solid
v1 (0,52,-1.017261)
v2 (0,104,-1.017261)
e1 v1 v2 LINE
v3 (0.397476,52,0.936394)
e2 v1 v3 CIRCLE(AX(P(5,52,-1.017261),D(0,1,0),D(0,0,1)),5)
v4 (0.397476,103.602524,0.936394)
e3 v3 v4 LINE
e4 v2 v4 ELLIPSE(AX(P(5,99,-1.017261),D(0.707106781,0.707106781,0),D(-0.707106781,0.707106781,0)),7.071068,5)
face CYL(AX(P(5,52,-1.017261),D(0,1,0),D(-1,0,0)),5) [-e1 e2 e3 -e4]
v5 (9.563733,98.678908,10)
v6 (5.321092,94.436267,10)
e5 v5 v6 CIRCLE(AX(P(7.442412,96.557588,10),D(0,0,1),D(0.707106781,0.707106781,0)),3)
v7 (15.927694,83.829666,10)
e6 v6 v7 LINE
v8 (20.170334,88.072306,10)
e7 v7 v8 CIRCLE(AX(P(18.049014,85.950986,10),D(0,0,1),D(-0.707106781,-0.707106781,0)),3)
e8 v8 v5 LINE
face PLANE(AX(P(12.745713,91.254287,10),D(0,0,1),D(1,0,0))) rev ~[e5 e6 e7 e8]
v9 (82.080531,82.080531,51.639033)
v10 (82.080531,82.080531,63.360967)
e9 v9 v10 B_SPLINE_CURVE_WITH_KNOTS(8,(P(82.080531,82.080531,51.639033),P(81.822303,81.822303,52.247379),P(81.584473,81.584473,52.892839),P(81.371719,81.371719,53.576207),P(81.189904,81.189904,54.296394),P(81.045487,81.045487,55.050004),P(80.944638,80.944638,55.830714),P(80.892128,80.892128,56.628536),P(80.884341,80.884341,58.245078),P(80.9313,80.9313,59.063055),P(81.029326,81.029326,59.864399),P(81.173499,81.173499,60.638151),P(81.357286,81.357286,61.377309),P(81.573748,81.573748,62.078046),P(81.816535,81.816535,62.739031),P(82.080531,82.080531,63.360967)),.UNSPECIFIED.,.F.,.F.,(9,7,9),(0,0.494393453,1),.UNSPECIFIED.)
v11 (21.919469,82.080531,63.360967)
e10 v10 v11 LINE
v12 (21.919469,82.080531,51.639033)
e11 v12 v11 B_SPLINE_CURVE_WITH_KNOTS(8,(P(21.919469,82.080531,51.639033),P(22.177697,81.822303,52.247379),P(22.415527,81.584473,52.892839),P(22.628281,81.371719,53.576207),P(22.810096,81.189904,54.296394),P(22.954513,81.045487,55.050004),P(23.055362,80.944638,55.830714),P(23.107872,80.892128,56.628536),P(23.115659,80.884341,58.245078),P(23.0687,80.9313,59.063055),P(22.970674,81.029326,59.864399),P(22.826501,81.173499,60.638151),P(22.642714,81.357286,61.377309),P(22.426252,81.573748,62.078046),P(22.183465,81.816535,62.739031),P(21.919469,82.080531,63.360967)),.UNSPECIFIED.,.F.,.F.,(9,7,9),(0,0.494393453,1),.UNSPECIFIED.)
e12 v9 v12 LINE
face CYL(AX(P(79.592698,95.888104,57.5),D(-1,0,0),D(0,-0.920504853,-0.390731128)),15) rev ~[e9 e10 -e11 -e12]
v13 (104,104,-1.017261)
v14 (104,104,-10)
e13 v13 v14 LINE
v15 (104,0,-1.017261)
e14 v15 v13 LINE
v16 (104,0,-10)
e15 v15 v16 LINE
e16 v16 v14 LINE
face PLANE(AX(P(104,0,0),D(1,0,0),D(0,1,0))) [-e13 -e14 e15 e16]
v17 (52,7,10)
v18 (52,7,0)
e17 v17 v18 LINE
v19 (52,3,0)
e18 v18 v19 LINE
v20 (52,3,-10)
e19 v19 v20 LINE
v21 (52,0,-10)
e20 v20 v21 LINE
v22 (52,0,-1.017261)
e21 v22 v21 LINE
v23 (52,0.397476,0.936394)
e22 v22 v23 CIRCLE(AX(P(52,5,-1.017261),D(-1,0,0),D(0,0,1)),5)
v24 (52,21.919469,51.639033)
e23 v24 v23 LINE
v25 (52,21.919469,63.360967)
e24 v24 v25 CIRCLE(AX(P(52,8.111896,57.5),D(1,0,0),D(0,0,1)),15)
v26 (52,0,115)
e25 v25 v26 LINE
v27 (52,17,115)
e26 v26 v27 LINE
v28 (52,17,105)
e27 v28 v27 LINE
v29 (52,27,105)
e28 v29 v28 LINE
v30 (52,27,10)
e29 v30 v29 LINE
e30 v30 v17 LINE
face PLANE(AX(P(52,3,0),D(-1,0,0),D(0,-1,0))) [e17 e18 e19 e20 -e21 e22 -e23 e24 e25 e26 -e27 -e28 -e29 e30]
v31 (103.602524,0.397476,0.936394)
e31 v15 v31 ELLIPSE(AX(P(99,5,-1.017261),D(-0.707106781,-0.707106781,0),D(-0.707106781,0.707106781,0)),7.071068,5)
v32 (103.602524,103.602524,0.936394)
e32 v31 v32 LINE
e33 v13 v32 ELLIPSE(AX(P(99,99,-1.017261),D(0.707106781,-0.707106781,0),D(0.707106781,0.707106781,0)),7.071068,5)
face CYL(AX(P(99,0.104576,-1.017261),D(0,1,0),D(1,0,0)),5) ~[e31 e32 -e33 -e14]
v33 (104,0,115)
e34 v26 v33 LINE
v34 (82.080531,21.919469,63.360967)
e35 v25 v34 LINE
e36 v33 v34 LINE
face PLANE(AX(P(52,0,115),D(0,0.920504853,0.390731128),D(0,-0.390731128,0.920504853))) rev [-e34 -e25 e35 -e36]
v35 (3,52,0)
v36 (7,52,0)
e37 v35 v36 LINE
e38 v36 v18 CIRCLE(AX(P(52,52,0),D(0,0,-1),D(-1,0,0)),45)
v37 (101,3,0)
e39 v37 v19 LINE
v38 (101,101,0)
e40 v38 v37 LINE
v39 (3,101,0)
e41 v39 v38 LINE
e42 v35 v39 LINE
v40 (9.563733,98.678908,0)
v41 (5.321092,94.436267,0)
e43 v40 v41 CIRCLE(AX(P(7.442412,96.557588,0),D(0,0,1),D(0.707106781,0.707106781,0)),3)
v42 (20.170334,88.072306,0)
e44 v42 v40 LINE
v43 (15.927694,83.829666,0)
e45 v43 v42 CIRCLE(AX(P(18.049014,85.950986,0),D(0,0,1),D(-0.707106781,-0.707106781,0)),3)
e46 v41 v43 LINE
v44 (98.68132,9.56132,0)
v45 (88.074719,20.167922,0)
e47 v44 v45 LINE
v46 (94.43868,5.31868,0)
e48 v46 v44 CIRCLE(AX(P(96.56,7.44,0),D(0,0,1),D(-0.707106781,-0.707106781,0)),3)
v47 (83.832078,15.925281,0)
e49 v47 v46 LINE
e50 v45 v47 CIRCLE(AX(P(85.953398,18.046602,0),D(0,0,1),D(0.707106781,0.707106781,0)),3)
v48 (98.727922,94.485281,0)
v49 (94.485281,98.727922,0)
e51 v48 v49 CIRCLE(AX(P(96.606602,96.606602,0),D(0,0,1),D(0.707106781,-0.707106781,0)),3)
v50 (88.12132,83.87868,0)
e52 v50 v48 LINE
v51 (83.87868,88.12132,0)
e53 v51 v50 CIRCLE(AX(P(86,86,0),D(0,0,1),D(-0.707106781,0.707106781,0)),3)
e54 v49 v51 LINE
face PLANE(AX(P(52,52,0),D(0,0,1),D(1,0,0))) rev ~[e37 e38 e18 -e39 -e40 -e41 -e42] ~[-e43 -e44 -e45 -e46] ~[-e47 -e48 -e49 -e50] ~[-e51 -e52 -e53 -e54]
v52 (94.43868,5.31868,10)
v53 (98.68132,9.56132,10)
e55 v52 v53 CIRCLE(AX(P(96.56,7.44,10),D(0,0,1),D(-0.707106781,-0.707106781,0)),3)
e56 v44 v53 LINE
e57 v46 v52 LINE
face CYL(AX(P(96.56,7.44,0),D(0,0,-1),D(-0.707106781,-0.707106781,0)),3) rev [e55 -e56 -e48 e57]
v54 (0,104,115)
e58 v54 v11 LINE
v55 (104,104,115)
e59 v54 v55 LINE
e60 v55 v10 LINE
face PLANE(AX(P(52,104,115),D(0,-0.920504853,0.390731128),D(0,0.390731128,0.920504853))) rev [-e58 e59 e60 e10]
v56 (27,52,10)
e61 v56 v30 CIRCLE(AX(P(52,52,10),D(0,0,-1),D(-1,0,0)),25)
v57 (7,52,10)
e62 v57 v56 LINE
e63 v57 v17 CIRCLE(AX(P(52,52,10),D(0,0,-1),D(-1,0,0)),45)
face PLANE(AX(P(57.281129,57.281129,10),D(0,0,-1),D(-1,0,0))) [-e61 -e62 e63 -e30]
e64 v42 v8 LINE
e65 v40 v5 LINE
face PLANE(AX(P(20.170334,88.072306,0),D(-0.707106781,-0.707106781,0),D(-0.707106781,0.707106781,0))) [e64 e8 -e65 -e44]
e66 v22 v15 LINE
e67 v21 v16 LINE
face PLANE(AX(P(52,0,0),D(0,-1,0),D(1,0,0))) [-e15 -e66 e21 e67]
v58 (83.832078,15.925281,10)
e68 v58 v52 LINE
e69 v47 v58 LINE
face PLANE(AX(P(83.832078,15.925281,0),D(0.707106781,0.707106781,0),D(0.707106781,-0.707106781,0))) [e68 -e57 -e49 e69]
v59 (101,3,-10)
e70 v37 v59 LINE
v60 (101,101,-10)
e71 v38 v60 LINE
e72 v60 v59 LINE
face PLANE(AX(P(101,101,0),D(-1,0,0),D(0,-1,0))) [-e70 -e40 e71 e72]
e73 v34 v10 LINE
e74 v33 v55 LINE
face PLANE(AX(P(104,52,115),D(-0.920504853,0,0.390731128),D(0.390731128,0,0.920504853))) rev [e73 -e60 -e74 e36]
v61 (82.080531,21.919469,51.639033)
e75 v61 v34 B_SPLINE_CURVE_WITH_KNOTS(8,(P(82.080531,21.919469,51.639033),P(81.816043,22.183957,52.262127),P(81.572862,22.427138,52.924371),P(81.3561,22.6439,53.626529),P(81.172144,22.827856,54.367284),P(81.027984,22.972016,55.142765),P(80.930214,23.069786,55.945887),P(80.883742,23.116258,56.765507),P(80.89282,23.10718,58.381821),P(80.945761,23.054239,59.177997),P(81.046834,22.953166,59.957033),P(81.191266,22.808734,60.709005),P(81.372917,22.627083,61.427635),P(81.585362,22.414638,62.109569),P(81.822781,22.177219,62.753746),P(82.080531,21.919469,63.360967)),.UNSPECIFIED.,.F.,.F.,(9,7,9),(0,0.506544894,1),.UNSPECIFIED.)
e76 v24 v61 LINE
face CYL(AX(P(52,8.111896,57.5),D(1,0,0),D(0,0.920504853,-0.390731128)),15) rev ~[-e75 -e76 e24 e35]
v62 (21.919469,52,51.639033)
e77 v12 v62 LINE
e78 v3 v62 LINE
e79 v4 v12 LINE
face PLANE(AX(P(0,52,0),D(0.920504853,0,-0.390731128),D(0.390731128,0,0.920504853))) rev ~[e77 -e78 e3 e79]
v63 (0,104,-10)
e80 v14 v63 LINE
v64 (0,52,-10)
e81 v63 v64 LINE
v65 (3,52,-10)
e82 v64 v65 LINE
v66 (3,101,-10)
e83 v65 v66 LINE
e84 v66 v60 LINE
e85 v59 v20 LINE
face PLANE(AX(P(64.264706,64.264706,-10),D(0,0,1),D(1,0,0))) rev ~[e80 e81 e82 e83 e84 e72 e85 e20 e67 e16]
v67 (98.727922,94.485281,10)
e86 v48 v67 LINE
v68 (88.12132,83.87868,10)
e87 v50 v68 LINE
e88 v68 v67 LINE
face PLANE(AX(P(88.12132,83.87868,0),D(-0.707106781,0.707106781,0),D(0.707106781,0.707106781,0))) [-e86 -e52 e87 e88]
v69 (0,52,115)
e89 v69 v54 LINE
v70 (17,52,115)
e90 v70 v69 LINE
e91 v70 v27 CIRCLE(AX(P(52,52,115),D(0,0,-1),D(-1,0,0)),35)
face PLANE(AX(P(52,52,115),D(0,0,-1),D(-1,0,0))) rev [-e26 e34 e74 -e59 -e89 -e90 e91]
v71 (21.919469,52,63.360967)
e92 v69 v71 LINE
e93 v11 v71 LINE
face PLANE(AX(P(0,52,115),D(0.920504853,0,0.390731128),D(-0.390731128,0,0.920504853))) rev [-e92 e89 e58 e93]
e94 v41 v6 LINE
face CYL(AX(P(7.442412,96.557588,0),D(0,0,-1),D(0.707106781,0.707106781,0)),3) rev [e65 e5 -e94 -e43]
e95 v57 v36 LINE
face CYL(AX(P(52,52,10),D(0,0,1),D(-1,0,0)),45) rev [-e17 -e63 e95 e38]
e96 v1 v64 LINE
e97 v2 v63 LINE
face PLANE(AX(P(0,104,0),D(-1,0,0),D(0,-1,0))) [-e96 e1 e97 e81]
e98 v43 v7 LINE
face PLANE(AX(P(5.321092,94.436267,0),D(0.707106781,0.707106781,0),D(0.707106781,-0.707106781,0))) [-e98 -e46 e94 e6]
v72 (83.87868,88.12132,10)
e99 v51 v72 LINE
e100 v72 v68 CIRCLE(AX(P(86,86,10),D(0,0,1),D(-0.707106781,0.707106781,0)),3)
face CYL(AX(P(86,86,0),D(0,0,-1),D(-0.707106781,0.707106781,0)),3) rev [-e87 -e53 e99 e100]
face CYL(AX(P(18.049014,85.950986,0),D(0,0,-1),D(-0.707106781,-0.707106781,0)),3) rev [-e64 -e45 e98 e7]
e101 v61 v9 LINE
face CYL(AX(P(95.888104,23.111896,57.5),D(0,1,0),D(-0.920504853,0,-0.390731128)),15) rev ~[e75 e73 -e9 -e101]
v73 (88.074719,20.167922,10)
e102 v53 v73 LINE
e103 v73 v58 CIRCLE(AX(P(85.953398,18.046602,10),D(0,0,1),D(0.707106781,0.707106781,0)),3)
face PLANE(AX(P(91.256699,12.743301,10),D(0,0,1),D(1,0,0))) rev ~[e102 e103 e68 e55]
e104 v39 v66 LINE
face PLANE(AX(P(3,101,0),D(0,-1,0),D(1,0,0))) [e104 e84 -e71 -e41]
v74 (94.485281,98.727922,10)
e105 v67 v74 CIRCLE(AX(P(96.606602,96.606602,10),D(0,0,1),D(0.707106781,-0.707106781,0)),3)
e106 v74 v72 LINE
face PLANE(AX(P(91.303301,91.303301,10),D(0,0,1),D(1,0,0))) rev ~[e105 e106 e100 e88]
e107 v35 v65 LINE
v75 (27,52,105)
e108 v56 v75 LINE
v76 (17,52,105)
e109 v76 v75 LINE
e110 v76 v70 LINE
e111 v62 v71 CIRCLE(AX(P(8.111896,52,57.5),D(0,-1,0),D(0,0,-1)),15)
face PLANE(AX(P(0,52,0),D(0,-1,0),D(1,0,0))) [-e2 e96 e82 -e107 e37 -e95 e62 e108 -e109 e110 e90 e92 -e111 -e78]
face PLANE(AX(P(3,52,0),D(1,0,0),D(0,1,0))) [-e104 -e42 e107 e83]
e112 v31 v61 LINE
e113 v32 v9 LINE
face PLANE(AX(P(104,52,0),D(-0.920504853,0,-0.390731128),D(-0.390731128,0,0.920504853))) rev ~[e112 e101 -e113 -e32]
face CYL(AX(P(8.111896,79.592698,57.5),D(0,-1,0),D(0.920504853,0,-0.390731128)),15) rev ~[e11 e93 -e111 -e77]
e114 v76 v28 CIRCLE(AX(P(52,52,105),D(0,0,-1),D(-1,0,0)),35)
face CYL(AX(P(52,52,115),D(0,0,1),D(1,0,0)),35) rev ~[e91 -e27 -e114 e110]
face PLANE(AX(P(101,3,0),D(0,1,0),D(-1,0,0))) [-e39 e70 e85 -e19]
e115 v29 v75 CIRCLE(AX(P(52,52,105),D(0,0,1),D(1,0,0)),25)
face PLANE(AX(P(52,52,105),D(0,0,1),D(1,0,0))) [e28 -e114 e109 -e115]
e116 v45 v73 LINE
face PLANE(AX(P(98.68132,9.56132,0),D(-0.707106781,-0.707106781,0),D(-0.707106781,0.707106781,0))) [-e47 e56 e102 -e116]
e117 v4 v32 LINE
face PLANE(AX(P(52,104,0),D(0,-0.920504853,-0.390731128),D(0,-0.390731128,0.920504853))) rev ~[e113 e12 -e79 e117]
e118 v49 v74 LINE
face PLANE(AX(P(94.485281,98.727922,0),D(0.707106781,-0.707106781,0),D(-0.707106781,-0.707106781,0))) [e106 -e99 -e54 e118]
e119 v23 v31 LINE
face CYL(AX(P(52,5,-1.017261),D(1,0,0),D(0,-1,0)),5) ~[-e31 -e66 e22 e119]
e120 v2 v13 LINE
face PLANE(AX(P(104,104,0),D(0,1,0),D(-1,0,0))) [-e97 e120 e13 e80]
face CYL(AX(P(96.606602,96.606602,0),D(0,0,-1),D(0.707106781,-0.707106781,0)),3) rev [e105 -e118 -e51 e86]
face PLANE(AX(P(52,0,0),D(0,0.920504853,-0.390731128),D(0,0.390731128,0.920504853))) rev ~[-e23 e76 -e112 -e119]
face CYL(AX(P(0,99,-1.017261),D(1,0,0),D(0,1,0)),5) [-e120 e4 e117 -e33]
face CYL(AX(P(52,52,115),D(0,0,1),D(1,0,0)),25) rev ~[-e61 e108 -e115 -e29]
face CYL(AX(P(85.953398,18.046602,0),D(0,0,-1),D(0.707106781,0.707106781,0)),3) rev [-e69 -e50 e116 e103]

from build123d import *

# Parameters (mm, degrees)
SKETCH4_W               = 104
SKETCH4_H               = 104
BOSS_EXTRUDE2_DEPTH     = 57.5
BOSS_EXTRUDE2_TAPER     = 23
SKETCH6_R               = 25
CUT_EXTRUDE1_DEPTH      = 179.5
CUT_EXTRUDE_THIN1_START = 10
CUT_EXTRUDE_THIN1_DEPTH = 10
CUT_EXTRUDE3_DEPTH      = 124
SKETCH10_R              = 35
CUT_EXTRUDE4_DEPTH      = 10
FILLET9_R               = 15
FILLET10_R              = 15
BOSS_EXTRUDE5_DEPTH     = 10
FILLET16_R              = 5
FILLET17_R              = 5
CUT_EXTRUDE6_DEPTH      = 10
CUT_EXTRUDE7_DEPTH      = 10


with BuildPart() as part:
    # Sketch4 → Boss-Extrude2 (new body)
    with BuildSketch(Plane.XY):
        with Locations((52, 52)):
            Rectangle(SKETCH4_W, SKETCH4_H)
    boss_extrude2 = extrude(amount=BOSS_EXTRUDE2_DEPTH, taper=BOSS_EXTRUDE2_TAPER)

    # Mirror2: Boss-Extrude2 across plane
    add(boss_extrude2.mirror(Plane(origin=(0, 0, 57.5), x_dir=(1, 0, 0), z_dir=(0, 0, -1))))

    # Sketch6 → Cut-Extrude1 (cut)
    with BuildSketch(Plane.XY.offset(115)):
        with Locations((52, 52)):
            Circle(SKETCH6_R)
    extrude(amount=-CUT_EXTRUDE1_DEPTH, mode=Mode.SUBTRACT)

    # Sketch8 → Cut-Extrude-Thin1 (cut)
    with BuildSketch(Plane.XY.offset(CUT_EXTRUDE_THIN1_START)):
        with BuildLine():
            ThreePointArc((52, 17), (76.748737342, 76.748737342), (17, 52))
            Line((17, 52), (7, 52))
            ThreePointArc((7, 52), (83.819805153, 83.819805153), (52, 7))
            Line((52, 7), (52, 17))
        make_face()
        with BuildLine():
            ThreePointArc((52, 27), (69.67766953, 69.67766953), (27, 52))
            Line((27, 52), (17, 52))
            ThreePointArc((17, 52), (76.748737342, 76.748737342), (52, 17))
            Line((52, 17), (52, 27))
        make_face()
    extrude(amount=-CUT_EXTRUDE_THIN1_DEPTH, mode=Mode.SUBTRACT)

    # Sketch9 → Cut-Extrude3 (cut)
    with BuildSketch(Plane(origin=(0, 0, 0), x_dir=(-1, 0, 0), z_dir=(0, 0, -1))):
        Polygon((-27, 52), (0, 52), (0, 0), (-52, 0), (-52, 27), (-52, 52), align=None)
    extrude(amount=-CUT_EXTRUDE3_DEPTH, mode=Mode.SUBTRACT)

    # Sketch10 → Cut-Extrude4 (cut)
    with BuildSketch(Plane.XY.offset(115)):
        with Locations((52, 52)):
            Circle(SKETCH10_R)
    extrude(amount=-CUT_EXTRUDE4_DEPTH, mode=Mode.SUBTRACT)

    # Fillet9
    fillet9_edges = [part.edges().sort_by_distance(p)[0] for p in [
        (65.796349034, 24.407301932, 57.5),
    ]]
    fillet(fillet9_edges, radius=FILLET9_R)

    # Fillet10
    fillet10_edges = [part.edges().sort_by_distance(p)[0] for p in [
        (24.407301932, 65.796349034, 57.5),
        (52, 79.592698068, 57.5),
        (79.592698068, 51.352297169, 57.5),
    ]]
    fillet(fillet10_edges, radius=FILLET10_R)

    # Sketch12 → Boss-Extrude5 (add)
    with BuildSketch(Plane(origin=(0, 0, 0), x_dir=(-1, 0, 0), z_dir=(0, 0, -1))):
        Polygon((-104, 104), (0, 104), (0, 52), (-3, 52), (-3, 101), (-101, 101), (-101, 3), (-52, 3), (-52, 0), (-104, 0), align=None)
    extrude(amount=BOSS_EXTRUDE5_DEPTH)

    # Fillet16
    fillet16_edges = [part.edges().sort_by_distance(p)[0] for p in [
        (78, 0, 0),
    ]]
    fillet(fillet16_edges, radius=FILLET16_R)

    # Fillet17
    fillet17_edges = [part.edges().sort_by_distance(p)[0] for p in [
        (0, 78, 0),
        (52, 104, 0),
        (104, 52.052287852, 0),
    ]]
    fillet(fillet17_edges, radius=FILLET17_R)

    # Sketch14 → Cut-Extrude6 (cut)
    with BuildSketch(Plane(origin=(0, 0, 0), x_dir=(-1, 0, 0), z_dir=(0, 0, -1))):
        with BuildLine():
            Line((-94.485281374, 98.727922061), (-83.878679656, 88.121320344))
            ThreePointArc((-83.878679656, 88.121320344), (-83.878679656, 83.878679656), (-88.121320344, 83.878679656))
            Line((-88.121320344, 83.878679656), (-98.727922061, 94.485281374))
            ThreePointArc((-98.727922061, 94.485281374), (-98.727922061, 98.727922061), (-94.485281374, 98.727922061))
        make_face()
    extrude(amount=-CUT_EXTRUDE6_DEPTH, mode=Mode.SUBTRACT)

    # Sketch15 → Cut-Extrude7 (cut)
    with BuildSketch(Plane(origin=(0, 0, 0), x_dir=(-1, 0, 0), z_dir=(0, 0, -1))):
        with BuildLine():
            Line((-20.170334378, 88.072306309), (-9.56373266, 98.678908027))
            ThreePointArc((-9.56373266, 98.678908027), (-5.321091973, 98.678908027), (-5.321091973, 94.43626734))
            Line((-5.321091973, 94.43626734), (-15.927693691, 83.829665622))
            ThreePointArc((-15.927693691, 83.829665622), (-20.170334378, 83.829665622), (-20.170334378, 88.072306309))
        make_face()
        with BuildLine():
            Line((-83.832077939, 15.925281374), (-94.438679656, 5.318679656))
            ThreePointArc((-94.438679656, 5.318679656), (-98.681320344, 5.318679656), (-98.681320344, 9.561320344))
            Line((-98.681320344, 9.561320344), (-88.074718626, 20.167922061))
            ThreePointArc((-88.074718626, 20.167922061), (-83.832077939, 20.167922061), (-83.832077939, 15.925281374))
        make_face()
    extrude(amount=-CUT_EXTRUDE7_DEPTH, mode=Mode.SUBTRACT)


solid = part.part
